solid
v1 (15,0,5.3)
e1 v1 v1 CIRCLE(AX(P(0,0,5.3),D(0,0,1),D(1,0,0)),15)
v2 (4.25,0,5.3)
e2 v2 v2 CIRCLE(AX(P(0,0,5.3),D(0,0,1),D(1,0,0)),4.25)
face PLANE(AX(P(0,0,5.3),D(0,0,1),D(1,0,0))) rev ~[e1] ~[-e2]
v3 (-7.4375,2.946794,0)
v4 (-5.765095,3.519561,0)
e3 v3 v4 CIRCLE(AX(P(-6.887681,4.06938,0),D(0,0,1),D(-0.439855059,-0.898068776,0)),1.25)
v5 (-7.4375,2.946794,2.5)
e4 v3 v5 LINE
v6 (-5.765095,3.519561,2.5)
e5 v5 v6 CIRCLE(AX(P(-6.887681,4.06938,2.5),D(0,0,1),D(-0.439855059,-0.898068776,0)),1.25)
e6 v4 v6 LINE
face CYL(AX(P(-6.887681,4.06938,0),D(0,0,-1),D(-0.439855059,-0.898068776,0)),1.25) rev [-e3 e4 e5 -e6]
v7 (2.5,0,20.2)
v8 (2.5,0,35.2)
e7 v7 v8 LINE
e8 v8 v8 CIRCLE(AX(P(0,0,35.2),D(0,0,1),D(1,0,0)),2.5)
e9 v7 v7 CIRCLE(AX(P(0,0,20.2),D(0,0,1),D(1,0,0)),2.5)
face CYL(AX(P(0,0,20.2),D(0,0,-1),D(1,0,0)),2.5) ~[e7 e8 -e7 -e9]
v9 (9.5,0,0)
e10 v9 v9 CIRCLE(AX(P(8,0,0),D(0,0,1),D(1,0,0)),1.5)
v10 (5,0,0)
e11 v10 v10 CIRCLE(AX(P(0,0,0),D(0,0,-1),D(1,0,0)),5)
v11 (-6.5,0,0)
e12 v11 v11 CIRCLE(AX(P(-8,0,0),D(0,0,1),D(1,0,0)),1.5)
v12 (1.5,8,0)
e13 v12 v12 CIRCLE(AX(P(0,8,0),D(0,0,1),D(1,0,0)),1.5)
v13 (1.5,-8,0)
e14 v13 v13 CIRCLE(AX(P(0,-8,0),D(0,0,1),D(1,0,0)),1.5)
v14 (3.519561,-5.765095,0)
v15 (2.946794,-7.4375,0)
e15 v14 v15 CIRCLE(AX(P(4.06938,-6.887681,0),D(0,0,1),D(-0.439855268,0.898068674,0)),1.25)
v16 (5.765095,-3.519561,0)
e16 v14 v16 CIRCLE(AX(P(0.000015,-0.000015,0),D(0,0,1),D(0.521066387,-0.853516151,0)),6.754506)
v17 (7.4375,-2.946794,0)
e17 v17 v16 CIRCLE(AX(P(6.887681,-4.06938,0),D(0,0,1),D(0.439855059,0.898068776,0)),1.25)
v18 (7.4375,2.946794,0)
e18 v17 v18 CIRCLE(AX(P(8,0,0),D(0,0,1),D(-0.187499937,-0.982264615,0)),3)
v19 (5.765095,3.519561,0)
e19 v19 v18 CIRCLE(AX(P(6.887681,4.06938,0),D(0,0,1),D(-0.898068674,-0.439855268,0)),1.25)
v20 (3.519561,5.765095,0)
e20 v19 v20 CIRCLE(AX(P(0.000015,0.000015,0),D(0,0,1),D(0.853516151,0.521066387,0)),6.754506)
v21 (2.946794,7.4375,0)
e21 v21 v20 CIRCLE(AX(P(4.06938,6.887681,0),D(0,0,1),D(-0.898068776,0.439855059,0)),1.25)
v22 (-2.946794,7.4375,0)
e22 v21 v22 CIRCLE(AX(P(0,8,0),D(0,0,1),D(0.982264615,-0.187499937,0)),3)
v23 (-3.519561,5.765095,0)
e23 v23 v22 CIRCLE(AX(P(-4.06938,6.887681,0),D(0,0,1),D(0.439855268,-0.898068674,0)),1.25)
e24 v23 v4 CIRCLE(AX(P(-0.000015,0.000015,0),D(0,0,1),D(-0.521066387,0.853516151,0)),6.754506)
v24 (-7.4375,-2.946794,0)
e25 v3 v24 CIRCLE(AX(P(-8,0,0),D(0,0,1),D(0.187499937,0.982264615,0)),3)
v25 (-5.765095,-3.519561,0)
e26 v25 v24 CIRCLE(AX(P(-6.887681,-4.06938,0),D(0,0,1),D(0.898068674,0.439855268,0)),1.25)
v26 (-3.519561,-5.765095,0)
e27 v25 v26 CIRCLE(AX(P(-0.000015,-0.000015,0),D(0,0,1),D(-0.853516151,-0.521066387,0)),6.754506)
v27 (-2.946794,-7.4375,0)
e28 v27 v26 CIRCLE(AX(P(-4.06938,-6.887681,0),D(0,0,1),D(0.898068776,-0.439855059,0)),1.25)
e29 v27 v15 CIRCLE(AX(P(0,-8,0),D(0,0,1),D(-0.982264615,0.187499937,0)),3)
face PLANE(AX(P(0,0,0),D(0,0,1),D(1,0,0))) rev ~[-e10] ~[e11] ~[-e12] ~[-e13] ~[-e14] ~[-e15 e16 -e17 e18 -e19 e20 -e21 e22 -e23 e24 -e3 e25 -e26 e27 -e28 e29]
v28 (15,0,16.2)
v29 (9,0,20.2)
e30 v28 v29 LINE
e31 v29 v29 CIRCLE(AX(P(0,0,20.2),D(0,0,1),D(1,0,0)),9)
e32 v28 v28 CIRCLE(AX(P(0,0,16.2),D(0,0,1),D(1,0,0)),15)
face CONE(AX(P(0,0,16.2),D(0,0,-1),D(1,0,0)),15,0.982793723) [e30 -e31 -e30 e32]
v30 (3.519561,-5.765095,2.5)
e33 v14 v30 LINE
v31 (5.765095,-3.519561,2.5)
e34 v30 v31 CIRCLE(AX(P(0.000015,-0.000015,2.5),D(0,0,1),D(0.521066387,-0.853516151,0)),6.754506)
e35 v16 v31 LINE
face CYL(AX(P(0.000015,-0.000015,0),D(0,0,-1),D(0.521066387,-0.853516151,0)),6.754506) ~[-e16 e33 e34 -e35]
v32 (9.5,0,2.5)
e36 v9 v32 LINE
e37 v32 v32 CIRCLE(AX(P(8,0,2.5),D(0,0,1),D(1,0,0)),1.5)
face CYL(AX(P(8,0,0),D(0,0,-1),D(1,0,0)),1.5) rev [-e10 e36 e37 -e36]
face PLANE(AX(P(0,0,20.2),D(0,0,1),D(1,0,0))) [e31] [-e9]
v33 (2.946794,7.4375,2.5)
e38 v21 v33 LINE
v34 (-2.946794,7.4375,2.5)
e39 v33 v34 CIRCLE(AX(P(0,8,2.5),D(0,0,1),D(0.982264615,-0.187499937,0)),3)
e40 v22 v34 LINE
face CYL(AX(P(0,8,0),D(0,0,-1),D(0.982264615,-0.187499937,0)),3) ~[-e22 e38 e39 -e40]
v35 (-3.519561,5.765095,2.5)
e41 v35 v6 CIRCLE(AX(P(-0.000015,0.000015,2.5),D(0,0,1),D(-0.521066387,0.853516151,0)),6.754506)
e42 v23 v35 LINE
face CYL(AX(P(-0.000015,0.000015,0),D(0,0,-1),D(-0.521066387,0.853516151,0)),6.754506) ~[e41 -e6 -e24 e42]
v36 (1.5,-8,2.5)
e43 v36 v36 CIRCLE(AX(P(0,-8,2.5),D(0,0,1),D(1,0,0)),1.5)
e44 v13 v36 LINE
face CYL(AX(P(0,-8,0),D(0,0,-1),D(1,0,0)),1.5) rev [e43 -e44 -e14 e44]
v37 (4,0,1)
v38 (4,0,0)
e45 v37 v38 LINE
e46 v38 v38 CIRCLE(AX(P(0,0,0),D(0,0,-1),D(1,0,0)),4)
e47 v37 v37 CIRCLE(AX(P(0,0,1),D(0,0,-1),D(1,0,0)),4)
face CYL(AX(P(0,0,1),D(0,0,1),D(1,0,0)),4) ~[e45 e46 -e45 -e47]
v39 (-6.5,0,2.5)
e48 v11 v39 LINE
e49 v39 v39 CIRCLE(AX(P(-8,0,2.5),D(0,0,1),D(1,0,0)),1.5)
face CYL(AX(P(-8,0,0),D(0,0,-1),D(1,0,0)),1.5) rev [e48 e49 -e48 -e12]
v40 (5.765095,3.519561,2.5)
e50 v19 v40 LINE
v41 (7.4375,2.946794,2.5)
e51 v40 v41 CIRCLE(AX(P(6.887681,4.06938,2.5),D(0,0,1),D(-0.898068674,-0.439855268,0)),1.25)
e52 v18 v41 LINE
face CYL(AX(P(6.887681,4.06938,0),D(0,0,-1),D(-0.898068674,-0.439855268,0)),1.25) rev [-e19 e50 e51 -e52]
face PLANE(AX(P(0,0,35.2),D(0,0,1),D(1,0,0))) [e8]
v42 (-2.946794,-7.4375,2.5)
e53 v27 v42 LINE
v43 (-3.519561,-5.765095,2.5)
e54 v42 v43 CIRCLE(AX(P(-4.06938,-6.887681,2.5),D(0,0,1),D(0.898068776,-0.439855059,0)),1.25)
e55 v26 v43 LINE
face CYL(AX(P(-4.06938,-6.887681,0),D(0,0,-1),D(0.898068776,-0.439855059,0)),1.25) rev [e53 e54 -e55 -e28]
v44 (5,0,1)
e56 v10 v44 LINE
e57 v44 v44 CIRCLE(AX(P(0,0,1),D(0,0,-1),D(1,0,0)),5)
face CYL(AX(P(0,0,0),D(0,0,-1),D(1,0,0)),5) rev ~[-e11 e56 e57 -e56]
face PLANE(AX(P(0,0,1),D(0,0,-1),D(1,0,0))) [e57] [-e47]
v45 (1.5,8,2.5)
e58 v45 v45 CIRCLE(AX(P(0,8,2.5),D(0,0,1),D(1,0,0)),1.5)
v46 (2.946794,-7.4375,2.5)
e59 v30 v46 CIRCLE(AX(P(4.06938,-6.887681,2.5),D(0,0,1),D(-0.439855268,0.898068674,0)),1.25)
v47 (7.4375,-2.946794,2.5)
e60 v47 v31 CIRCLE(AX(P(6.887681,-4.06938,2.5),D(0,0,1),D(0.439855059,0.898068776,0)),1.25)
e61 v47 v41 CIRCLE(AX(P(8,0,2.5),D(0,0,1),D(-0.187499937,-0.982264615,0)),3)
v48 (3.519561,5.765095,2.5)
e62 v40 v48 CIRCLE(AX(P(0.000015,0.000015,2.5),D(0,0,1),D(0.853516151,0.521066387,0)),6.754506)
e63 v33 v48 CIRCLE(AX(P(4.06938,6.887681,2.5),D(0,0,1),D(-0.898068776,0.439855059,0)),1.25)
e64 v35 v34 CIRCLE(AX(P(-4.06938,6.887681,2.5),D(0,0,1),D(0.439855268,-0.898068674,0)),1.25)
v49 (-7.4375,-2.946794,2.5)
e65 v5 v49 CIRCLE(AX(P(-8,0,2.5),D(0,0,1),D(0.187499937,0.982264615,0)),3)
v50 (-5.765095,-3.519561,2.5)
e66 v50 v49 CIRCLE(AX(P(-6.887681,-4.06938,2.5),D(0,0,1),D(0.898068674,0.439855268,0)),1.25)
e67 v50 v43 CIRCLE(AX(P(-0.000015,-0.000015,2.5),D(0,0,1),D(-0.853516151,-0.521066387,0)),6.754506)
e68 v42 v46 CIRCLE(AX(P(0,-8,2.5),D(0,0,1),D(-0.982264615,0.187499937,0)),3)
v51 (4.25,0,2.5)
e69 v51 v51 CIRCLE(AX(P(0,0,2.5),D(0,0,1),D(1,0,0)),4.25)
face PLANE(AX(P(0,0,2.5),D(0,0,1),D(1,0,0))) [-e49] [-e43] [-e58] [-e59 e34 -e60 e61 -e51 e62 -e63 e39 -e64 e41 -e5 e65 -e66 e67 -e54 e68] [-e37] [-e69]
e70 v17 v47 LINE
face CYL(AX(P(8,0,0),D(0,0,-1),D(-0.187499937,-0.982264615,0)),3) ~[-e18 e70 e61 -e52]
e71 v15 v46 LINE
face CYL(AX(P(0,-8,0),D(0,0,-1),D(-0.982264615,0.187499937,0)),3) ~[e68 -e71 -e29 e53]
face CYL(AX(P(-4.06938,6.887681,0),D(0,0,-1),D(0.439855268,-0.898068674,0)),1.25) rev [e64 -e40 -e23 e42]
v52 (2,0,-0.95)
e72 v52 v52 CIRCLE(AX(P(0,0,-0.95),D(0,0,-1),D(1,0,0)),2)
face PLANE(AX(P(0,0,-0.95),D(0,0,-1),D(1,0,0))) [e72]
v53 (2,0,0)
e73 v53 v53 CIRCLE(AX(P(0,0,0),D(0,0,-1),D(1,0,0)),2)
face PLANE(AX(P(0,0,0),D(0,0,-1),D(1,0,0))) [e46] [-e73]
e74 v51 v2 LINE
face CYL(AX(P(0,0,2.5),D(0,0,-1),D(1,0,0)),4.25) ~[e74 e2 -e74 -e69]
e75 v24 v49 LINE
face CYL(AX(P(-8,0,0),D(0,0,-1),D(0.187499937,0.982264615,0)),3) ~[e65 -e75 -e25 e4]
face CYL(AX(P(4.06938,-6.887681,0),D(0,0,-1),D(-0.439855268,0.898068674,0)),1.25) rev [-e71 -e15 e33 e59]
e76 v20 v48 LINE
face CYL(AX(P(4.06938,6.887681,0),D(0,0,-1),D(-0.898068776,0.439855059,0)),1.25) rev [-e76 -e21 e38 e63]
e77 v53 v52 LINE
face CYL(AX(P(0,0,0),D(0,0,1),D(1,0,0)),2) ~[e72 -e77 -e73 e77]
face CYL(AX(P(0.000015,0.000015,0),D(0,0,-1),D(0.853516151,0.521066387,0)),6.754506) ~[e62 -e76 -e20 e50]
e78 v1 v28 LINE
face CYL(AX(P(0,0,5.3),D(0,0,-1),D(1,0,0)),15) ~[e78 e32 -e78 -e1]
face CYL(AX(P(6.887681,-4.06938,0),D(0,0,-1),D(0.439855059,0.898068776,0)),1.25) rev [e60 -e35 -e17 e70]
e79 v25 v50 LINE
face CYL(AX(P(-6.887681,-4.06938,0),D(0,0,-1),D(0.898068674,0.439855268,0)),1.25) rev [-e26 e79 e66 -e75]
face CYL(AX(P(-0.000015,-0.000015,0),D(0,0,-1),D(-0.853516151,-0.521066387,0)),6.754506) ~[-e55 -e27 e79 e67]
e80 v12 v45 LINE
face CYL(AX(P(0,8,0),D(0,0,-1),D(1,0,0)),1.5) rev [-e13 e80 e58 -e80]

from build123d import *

# Parameters (mm, degrees)
SKETCH_R      = 1.5
PAD_DEPTH     = 2.5
SKETCH001_R   = 4.25
PAD001_DEPTH  = 2.8
SKETCH002_R   = 15
PAD002_DEPTH  = 14.9
SKETCH003_R   = 2.5
PAD003_DEPTH  = 15
CHAMFER_SIZE2 = 6
CHAMFER_SIZE  = 4
SKETCH004_R   = 5
POCKET_DEPTH  = 1
SKETCH005_R   = 4
PAD004_DEPTH  = 1
SKETCH006_R   = 2
PAD005_DEPTH  = 0.95


with BuildPart() as part:
    # Sketch → Pad (new body)
    with BuildSketch(Plane.XY):
        with BuildLine():
            ThreePointArc((2.946794, 7.4375), (0, 11), (-2.946794, 7.4375))
            ThreePointArc((-3.519561, 5.765095), (-2.886811, 6.482674), (-2.946794, 7.4375))
            ThreePointArc((-3.519561, 5.765095), (-4.776172, 4.776172), (-5.765095, 3.519561))
            ThreePointArc((-7.4375, 2.946794), (-6.482674, 2.886811), (-5.765095, 3.519561))
            ThreePointArc((-7.4375, 2.946794), (-11, 0), (-7.4375, -2.946794))
            ThreePointArc((-5.765095, -3.519561), (-6.482674, -2.886811), (-7.4375, -2.946794))
            ThreePointArc((-5.765095, -3.519561), (-4.776172, -4.776172), (-3.519561, -5.765095))
            ThreePointArc((-2.946794, -7.4375), (-2.886811, -6.482674), (-3.519561, -5.765095))
            ThreePointArc((-2.946794, -7.4375), (0, -11), (2.946794, -7.4375))
            ThreePointArc((3.519561, -5.765095), (2.886811, -6.482674), (2.946794, -7.4375))
            ThreePointArc((3.519561, -5.765095), (4.776172, -4.776172), (5.765095, -3.519561))
            ThreePointArc((7.4375, -2.946794), (6.482674, -2.886811), (5.765095, -3.519561))
            ThreePointArc((7.4375, -2.946794), (11, 0), (7.4375, 2.946794))
            ThreePointArc((5.765095, 3.519561), (6.482674, 2.886811), (7.4375, 2.946794))
            ThreePointArc((5.765095, 3.519561), (4.776172, 4.776172), (3.519561, 5.765095))
            ThreePointArc((2.946794, 7.4375), (2.886811, 6.482674), (3.519561, 5.765095))
        make_face()
        with Locations((0, 8)):
            Circle(SKETCH_R, mode=Mode.SUBTRACT)
        with Locations((8, 0)):
            Circle(SKETCH_R, mode=Mode.SUBTRACT)
        with Locations((0, -8)):
            Circle(SKETCH_R, mode=Mode.SUBTRACT)
        with Locations((-8, 0)):
            Circle(SKETCH_R, mode=Mode.SUBTRACT)
    extrude(amount=PAD_DEPTH)

    # Sketch001 (on Face22 of Pad) → Pad001 (join)
    with BuildSketch(Plane.XY.offset(2.5)):
        Circle(SKETCH001_R)
    extrude(amount=PAD001_DEPTH)

    # Sketch002 (on Face24 of Pad001) → Pad002 (join)
    with BuildSketch(Plane.XY.offset(5.3)):
        Circle(SKETCH002_R)
    extrude(amount=PAD002_DEPTH)

    # Sketch003 (on Face3 of Pad002) → Pad003 (join)
    with BuildSketch(Plane.XY.offset(20.2)):
        Circle(SKETCH003_R)
    extrude(amount=PAD003_DEPTH)

    # Chamfer
    chamfer_edges = [part.edges().sort_by_distance(p)[0] for p in [
        (-15, 0, 20.2),
    ]]
    chamfer_side = part.faces().sort_by_distance((-15, 0, 12.75))[0]
    chamfer(chamfer_edges, length=CHAMFER_SIZE, length2=CHAMFER_SIZE2, reference=chamfer_side)

    # Sketch004 (on Face29 of Chamfer) → Pocket (cut)
    with BuildSketch(Plane(origin=(0, 0, 0), x_dir=(1, 0, 0), z_dir=(0, 0, -1))):
        Circle(SKETCH004_R)
    extrude(amount=-POCKET_DEPTH, mode=Mode.SUBTRACT)

    # Sketch005 (on Face31 of Pocket) → Pad004 (join)
    with BuildSketch(Plane(origin=(0, 0, 1), x_dir=(1, 0, 0), z_dir=(0, 0, -1))):
        Circle(SKETCH005_R)
    extrude(amount=PAD004_DEPTH)

    # Sketch006 (on Face33 of Pad004) → Pad005 (join)
    with BuildSketch(Plane(origin=(0, 0, 0), x_dir=(1, 0, 0), z_dir=(0, 0, -1))):
        Circle(SKETCH006_R)
    extrude(amount=PAD005_DEPTH)


solid = part.part
